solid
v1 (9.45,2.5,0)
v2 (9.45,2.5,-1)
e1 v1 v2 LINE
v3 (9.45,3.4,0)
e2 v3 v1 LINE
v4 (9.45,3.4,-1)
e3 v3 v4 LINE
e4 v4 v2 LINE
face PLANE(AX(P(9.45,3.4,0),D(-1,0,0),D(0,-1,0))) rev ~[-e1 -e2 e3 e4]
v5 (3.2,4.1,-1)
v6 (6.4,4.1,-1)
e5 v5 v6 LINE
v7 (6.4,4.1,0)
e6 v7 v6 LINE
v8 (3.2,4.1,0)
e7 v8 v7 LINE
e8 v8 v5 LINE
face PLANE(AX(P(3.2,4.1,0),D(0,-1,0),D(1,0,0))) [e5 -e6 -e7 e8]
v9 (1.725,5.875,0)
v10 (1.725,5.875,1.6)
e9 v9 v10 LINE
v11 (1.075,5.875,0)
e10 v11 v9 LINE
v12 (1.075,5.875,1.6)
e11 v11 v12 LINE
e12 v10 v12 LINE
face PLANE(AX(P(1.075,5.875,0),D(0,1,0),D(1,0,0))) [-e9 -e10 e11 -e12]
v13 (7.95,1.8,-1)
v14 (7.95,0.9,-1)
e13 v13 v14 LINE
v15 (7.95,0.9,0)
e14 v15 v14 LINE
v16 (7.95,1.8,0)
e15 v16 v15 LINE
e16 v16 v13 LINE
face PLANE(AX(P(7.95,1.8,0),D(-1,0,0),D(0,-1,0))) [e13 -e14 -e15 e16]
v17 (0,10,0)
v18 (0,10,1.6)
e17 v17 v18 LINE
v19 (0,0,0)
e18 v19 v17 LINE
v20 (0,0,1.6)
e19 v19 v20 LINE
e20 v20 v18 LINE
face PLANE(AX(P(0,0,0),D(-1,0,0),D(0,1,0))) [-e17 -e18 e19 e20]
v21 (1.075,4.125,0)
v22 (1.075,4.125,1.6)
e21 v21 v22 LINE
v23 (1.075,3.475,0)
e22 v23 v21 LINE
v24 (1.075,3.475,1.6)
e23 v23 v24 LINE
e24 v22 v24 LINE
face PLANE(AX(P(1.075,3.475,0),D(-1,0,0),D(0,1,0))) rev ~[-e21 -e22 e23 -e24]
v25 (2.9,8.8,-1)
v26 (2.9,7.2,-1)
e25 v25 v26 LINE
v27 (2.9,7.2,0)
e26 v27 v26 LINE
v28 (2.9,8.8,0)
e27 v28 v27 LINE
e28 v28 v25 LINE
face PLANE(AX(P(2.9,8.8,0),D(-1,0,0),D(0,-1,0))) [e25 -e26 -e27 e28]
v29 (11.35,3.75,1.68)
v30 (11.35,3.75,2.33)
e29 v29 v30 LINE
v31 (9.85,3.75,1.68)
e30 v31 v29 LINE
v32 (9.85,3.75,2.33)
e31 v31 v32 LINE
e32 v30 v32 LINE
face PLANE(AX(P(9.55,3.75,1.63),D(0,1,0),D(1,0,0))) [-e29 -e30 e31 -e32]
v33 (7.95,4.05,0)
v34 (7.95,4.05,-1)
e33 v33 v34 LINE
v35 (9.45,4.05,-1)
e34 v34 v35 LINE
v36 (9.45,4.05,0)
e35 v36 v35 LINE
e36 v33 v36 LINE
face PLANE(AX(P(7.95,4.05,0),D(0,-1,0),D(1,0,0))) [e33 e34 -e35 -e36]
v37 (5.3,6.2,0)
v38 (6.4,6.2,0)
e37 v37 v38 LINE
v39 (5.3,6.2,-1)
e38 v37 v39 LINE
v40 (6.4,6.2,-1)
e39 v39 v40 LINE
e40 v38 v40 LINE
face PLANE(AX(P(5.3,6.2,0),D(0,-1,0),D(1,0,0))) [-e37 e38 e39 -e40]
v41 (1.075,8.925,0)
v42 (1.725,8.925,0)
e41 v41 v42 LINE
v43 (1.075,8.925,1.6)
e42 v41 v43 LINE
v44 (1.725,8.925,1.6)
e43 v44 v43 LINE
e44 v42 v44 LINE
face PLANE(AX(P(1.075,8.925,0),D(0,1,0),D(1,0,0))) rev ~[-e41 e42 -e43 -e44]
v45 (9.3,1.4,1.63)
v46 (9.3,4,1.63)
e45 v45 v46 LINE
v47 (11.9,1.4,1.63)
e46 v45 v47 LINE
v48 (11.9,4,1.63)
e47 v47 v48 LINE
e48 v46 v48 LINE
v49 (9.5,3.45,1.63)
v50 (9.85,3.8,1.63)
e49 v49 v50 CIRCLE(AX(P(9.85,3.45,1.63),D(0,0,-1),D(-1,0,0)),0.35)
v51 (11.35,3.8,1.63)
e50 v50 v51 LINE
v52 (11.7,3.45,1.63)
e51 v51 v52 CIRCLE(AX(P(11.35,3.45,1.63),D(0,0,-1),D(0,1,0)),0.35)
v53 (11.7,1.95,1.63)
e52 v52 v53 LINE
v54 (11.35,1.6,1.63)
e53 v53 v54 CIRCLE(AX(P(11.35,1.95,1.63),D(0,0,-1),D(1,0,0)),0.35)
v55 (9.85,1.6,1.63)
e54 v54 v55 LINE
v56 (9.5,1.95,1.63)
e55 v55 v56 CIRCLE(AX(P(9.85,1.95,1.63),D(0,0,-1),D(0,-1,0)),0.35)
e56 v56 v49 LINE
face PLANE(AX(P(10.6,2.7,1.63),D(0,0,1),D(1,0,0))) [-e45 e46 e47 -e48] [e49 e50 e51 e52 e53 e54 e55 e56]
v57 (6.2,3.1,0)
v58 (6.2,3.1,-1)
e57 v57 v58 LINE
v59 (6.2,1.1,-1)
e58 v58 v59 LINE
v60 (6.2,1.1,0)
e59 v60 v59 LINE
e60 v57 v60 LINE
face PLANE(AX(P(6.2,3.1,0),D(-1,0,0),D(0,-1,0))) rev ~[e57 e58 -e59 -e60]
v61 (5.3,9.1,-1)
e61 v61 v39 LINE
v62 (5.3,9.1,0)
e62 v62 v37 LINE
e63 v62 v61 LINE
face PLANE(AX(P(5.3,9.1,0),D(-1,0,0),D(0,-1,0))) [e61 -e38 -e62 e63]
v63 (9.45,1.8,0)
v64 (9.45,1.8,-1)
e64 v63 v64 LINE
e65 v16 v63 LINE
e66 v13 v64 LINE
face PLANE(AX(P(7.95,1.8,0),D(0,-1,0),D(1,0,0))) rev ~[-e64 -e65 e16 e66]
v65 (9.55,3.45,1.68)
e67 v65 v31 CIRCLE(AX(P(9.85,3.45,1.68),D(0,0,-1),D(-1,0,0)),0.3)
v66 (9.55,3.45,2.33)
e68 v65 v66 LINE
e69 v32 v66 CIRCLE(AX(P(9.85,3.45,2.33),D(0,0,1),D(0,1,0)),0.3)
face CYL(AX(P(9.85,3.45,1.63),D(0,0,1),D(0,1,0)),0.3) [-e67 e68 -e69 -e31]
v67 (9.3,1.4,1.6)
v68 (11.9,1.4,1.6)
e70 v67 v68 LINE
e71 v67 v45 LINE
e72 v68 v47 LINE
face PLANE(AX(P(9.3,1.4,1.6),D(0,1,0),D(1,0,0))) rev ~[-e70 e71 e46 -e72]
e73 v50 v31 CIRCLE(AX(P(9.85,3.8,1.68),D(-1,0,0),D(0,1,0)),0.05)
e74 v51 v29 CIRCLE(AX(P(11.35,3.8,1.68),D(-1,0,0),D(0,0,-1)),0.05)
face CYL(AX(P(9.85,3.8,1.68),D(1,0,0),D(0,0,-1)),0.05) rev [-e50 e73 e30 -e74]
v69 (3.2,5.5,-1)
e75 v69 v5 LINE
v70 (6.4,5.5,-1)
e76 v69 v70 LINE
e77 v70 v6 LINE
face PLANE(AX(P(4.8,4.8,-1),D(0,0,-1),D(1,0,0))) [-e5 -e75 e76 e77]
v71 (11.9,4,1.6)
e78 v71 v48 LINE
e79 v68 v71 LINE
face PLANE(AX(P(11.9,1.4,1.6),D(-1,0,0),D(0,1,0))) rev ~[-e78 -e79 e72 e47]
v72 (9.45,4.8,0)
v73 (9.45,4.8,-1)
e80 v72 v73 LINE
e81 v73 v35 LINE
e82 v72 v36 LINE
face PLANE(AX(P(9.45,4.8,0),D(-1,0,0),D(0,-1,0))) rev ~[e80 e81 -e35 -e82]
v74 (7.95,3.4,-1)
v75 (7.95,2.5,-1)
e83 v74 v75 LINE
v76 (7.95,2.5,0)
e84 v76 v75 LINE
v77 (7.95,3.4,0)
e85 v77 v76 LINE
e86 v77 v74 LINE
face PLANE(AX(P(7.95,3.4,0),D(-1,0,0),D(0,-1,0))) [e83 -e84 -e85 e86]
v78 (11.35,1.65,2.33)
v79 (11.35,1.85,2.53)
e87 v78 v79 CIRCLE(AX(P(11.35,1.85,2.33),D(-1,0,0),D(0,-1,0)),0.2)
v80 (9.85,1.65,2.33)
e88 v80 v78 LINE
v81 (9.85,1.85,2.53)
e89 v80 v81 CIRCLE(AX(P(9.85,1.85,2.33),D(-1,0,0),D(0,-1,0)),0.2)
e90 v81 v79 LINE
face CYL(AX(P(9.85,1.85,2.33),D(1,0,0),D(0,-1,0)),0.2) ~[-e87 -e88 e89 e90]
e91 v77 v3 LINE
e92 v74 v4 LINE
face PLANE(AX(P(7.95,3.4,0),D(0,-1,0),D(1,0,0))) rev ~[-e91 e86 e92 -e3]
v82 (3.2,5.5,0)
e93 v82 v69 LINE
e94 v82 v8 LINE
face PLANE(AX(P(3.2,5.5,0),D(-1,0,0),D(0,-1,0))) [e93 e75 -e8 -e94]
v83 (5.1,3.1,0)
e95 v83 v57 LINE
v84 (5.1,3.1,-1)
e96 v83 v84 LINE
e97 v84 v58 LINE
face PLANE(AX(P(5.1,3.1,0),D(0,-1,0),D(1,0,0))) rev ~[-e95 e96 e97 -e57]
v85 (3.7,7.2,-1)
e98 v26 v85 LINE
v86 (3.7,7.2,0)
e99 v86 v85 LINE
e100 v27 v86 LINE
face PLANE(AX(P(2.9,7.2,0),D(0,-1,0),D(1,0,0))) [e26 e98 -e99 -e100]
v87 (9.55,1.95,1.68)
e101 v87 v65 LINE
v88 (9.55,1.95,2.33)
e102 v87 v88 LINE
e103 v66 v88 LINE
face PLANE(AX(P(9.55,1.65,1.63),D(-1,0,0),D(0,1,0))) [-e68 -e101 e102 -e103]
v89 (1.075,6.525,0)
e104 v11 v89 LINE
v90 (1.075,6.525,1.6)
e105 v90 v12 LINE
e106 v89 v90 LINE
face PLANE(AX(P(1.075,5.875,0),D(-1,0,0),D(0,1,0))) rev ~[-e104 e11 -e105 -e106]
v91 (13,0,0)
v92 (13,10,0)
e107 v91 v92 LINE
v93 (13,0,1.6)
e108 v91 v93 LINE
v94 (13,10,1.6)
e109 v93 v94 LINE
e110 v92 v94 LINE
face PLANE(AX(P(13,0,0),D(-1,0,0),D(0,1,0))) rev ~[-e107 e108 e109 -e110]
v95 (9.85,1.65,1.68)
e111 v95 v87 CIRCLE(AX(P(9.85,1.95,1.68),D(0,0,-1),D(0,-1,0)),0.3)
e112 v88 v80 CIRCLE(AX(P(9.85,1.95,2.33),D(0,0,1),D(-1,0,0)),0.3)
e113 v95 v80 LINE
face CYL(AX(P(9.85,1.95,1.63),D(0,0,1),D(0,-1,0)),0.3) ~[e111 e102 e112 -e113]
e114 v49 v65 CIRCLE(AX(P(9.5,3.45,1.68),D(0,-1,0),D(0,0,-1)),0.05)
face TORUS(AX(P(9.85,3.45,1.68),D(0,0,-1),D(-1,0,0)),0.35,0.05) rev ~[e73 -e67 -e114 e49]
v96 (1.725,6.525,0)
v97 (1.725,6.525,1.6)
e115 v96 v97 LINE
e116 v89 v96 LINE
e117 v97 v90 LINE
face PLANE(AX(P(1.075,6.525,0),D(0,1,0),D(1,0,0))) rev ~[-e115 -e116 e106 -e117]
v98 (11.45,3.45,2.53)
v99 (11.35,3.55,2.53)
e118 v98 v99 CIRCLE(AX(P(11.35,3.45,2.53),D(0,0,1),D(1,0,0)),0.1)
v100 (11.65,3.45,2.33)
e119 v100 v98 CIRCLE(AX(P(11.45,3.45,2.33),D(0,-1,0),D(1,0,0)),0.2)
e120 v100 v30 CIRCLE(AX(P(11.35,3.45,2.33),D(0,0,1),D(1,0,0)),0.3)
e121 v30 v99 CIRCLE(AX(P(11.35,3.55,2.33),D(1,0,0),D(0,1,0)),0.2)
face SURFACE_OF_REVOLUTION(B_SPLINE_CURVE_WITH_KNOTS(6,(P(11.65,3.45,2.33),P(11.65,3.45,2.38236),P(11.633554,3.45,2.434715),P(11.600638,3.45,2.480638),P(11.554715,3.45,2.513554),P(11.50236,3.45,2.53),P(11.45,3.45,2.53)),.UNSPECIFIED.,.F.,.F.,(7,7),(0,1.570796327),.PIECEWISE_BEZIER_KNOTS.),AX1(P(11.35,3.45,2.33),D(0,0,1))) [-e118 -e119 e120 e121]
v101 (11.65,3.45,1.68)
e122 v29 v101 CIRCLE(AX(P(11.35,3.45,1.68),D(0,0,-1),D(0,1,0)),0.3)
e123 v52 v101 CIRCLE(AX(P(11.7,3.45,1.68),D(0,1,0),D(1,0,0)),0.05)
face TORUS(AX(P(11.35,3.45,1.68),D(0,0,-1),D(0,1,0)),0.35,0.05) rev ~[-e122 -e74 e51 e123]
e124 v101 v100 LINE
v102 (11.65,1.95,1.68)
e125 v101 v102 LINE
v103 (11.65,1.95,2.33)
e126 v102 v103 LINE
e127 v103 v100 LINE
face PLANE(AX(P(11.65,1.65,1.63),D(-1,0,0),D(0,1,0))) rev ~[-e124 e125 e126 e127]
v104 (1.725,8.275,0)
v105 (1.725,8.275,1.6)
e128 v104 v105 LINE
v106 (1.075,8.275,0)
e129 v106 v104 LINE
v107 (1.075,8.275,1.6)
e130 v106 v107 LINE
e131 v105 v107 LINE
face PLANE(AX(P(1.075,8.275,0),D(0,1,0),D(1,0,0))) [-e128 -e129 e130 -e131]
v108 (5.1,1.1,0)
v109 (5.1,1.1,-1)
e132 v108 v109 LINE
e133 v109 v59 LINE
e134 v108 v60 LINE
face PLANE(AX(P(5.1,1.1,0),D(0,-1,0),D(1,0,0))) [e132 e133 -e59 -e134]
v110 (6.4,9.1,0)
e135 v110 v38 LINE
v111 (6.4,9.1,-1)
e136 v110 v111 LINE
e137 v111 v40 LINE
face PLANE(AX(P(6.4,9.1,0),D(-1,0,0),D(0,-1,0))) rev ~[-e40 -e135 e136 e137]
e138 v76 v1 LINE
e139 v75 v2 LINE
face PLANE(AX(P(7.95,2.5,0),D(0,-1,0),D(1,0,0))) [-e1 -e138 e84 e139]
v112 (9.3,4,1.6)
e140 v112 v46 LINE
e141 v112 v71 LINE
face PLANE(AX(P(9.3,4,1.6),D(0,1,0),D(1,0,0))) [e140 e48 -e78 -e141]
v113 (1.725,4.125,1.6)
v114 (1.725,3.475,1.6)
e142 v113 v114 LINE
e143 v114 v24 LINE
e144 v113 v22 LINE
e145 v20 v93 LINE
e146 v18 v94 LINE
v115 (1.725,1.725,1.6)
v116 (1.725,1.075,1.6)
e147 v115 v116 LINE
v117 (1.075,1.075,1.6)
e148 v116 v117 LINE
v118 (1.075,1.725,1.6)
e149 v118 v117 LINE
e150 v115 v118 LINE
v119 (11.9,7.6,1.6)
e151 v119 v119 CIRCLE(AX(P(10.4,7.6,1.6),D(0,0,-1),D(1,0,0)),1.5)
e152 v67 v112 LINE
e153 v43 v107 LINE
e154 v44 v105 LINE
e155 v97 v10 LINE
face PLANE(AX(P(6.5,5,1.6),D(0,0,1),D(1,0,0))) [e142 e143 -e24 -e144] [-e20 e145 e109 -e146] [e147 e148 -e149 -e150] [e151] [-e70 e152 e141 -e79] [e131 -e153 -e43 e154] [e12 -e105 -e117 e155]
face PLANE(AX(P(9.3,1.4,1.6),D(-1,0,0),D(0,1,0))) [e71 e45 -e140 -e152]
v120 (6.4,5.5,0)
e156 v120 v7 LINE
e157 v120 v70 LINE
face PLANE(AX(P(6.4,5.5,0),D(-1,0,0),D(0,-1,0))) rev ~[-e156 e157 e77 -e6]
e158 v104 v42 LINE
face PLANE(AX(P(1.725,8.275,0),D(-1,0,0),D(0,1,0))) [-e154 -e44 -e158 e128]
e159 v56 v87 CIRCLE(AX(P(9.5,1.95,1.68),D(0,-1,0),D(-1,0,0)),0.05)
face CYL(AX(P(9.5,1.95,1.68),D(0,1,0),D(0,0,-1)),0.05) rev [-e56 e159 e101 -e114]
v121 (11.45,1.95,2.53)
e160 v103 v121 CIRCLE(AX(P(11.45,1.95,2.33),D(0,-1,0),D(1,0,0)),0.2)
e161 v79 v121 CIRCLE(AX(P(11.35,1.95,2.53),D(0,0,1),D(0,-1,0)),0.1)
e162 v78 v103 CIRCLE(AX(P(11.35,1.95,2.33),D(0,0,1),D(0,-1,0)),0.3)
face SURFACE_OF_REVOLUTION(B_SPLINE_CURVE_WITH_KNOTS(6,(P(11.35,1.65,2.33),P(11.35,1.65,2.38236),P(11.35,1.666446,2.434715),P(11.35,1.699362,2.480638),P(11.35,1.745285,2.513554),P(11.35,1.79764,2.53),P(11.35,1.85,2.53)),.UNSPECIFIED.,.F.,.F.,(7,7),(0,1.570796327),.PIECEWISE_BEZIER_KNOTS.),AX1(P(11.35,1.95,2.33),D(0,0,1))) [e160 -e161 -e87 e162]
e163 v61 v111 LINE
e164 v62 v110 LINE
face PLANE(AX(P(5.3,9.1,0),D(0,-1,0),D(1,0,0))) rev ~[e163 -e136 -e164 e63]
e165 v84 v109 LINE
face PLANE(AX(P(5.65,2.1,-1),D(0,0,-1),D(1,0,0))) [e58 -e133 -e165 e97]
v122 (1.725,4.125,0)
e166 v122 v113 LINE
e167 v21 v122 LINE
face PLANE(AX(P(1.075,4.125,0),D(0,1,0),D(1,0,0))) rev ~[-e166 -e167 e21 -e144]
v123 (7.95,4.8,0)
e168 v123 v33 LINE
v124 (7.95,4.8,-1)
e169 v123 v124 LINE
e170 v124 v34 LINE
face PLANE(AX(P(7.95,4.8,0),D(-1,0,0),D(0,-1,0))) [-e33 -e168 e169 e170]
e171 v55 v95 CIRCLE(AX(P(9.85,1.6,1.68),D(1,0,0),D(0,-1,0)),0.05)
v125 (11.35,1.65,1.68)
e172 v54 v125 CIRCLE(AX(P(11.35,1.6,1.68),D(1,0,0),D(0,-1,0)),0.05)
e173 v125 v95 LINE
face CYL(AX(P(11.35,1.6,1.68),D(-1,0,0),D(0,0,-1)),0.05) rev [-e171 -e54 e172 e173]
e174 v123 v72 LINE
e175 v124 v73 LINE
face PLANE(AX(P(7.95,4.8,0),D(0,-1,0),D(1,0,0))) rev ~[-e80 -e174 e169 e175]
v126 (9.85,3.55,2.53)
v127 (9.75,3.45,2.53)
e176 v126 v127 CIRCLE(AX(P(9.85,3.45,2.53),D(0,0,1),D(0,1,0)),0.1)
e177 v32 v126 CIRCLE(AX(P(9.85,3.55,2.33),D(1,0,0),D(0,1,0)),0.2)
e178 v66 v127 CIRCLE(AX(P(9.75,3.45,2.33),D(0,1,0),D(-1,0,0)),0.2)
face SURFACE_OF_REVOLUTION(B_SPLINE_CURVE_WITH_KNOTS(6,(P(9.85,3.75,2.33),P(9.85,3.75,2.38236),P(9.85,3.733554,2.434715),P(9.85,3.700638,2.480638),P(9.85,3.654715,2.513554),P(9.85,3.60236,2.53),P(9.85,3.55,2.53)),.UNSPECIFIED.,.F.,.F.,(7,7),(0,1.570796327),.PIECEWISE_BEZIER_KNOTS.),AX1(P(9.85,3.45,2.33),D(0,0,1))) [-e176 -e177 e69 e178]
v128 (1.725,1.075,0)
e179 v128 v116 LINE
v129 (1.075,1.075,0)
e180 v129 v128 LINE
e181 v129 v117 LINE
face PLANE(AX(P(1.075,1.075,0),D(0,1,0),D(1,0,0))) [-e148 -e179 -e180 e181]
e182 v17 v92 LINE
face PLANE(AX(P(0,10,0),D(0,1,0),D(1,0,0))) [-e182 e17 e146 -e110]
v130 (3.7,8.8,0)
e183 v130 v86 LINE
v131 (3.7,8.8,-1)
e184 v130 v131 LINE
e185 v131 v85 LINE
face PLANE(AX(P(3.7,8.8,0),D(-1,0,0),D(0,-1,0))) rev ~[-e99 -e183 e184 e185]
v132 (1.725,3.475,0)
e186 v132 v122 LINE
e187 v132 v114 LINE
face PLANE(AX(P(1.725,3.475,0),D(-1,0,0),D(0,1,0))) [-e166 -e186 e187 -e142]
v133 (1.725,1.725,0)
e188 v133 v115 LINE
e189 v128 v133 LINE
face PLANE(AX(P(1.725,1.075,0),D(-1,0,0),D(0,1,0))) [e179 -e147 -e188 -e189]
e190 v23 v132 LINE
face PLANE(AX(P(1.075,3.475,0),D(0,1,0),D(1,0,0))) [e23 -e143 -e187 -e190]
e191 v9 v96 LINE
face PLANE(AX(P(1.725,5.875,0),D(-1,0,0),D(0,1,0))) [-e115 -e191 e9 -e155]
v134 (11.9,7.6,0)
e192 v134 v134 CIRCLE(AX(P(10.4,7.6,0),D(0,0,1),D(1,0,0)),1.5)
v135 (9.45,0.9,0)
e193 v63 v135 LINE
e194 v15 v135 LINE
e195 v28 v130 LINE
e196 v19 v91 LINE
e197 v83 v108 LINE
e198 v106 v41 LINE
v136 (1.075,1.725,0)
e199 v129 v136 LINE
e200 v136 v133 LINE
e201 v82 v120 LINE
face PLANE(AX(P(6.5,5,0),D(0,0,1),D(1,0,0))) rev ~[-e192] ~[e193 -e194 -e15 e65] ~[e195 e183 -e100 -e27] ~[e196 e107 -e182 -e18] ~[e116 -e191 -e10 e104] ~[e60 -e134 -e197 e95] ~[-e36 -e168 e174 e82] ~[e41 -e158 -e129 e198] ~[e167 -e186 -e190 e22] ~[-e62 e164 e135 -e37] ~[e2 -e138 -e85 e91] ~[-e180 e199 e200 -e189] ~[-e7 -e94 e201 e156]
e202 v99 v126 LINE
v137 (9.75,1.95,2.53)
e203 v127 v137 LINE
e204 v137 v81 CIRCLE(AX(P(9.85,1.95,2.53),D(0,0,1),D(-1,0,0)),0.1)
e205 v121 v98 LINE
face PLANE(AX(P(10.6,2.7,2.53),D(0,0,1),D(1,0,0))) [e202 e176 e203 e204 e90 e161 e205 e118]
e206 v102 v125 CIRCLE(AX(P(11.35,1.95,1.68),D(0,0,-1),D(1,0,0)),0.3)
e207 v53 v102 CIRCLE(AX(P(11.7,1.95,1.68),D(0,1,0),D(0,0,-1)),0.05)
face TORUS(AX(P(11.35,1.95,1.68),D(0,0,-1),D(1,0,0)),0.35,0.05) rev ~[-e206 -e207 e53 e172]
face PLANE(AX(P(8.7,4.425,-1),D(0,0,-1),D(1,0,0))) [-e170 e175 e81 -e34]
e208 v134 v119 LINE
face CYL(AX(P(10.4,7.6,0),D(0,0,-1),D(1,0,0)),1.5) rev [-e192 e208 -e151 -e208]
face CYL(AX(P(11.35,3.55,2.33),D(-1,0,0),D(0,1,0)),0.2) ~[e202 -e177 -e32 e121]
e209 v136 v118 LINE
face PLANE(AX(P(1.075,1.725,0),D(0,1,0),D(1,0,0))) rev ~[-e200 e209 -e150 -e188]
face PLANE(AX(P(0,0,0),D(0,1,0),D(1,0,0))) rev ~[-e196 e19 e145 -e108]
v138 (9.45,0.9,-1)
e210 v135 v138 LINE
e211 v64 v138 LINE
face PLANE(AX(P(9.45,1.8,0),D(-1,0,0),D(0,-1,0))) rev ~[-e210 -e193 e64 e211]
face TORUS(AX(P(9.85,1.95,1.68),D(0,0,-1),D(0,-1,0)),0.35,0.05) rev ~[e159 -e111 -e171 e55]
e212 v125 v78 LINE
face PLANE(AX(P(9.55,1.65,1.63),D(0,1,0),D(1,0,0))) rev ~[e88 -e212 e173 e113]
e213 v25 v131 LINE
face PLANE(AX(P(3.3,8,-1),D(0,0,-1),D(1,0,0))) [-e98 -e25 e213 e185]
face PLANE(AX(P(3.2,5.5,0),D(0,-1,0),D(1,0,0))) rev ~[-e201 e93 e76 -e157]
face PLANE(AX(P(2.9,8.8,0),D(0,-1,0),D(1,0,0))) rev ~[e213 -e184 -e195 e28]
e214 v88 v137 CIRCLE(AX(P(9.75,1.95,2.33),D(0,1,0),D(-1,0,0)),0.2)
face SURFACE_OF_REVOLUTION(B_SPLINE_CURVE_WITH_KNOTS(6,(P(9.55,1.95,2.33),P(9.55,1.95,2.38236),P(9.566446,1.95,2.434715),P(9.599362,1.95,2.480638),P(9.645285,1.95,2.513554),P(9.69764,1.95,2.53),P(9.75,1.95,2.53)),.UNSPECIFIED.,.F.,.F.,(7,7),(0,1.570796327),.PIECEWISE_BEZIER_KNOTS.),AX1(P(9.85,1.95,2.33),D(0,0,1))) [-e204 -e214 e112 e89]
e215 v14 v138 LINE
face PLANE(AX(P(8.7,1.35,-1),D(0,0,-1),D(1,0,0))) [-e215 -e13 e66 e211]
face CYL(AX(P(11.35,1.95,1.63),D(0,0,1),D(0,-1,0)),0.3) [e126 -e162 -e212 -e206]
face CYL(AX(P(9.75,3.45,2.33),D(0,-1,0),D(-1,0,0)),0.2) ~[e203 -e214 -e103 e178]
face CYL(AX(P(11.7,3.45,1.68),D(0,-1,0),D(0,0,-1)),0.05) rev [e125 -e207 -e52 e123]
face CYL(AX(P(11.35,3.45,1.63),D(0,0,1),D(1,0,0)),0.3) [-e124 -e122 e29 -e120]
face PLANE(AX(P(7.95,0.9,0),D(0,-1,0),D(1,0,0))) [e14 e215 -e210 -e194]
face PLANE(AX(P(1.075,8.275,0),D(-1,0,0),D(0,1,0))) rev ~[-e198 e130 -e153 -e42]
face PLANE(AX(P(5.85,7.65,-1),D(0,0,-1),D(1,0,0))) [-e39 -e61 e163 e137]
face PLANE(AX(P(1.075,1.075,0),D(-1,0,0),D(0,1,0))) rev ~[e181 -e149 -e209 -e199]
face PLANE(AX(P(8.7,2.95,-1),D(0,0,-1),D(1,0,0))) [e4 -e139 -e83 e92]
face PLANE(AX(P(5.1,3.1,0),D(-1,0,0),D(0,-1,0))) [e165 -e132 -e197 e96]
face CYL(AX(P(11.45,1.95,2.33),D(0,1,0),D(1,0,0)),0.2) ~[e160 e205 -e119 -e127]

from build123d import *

# Parameters (mm, degrees)
SKETCH_W      = 13
SKETCH_H      = 10
PAD_DEPTH     = 1.6
SKETCH001_R   = 1.5
SKETCH001_W   = 0.65
SKETCH001_H   = 0.65
POCKET_DEPTH  = 5
SKETCH002_W   = 2.6
SKETCH002_H   = 2.6
PAD001_DEPTH  = 0.03
SKETCH003_W   = 2.1
SKETCH003_H   = 2.1
PAD002_DEPTH  = 0.9
FILLET_R      = 0.3
FILLET001_R   = 0.05
FILLET002_R   = 0.2
SKETCH004_W   = 1.1
SKETCH004_H   = 2
SKETCH004_W_2 = 1.5
SKETCH004_H_2 = 0.9
SKETCH004_H_3 = 0.75
SKETCH004_H_4 = 2.9
SKETCH004_W_3 = 3.2
SKETCH004_H_5 = 1.4
SKETCH004_W_4 = 0.8
SKETCH004_H_6 = 1.6
PAD003_DEPTH  = 1


with BuildPart() as part:
    # Sketch (on XY_Plane of Origin) → Pad (new body)
    with BuildSketch(Plane.XY):
        with Locations((6.5, 5)):
            Rectangle(SKETCH_W, SKETCH_H)
    extrude(amount=PAD_DEPTH)

    # Sketch001 (on XY_Plane of Origin) → Pocket (cut)
    with BuildSketch(Plane.XY):
        with Locations((10.4, 7.6)):
            Circle(SKETCH001_R)
        with Locations((1.4, 8.6)):
            Rectangle(SKETCH001_W, SKETCH001_H)
        with Locations((1.4, 6.2)):
            Rectangle(SKETCH001_W, SKETCH001_H)
        with Locations((1.4, 3.8)):
            Rectangle(SKETCH001_W, SKETCH001_H)
        with Locations((1.4, 1.4)):
            Rectangle(SKETCH001_W, SKETCH001_H)
    extrude(amount=POCKET_DEPTH, mode=Mode.SUBTRACT)

    # Sketch002 (on Face5 of Pocket) → Pad001 (join)
    with BuildSketch(Plane.XY.offset(1.6)):
        with Locations((10.6, 2.7)):
            Rectangle(SKETCH002_W, SKETCH002_H)
    extrude(amount=PAD001_DEPTH)

    # Sketch003 (on Face28 of Pad001) → Pad002 (join)
    with BuildSketch(Plane.XY.offset(1.63)):
        with Locations((10.6, 2.7)):
            Rectangle(SKETCH003_W, SKETCH003_H)
    extrude(amount=PAD002_DEPTH)

    # Fillet
    fillet_edges = [part.edges().sort_by_distance(p)[0] for p in [
        (9.55, 1.65, 2.08),
        (9.55, 3.75, 2.08),
        (11.65, 1.65, 2.08),
        (11.65, 3.75, 2.08),
    ]]
    fillet(fillet_edges, radius=FILLET_R)

    # Fillet001
    fillet001_edges = [part.edges().sort_by_distance(p)[0] for p in [
        (9.637868, 1.737868, 1.63),
    ]]
    fillet(fillet001_edges, radius=FILLET001_R)

    # Fillet002
    fillet002_edges = [part.edges().sort_by_distance(p)[0] for p in [
        (10.6, 1.65, 2.53),
    ]]
    fillet(fillet002_edges, radius=FILLET002_R)

    # Sketch004 (on Face53 of Fillet002) → Pad003 (join)
    with BuildSketch(Plane(origin=(0, 0, 0), x_dir=(1, 0, 0), z_dir=(0, 0, -1))):
        with Locations((5.65, -2.1)):
            Rectangle(SKETCH004_W, SKETCH004_H)
        with Locations((8.7, -1.35)):
            Rectangle(SKETCH004_W_2, SKETCH004_H_2)
        with Locations((8.7, -2.95)):
            Rectangle(SKETCH004_W_2, SKETCH004_H_2)
        with Locations((8.7, -4.425)):
            Rectangle(SKETCH004_W_2, SKETCH004_H_3)
        with Locations((5.85, -7.65)):
            Rectangle(SKETCH004_W, SKETCH004_H_4)
        with Locations((4.8, -4.8)):
            Rectangle(SKETCH004_W_3, SKETCH004_H_5)
        with Locations((3.3, -8)):
            Rectangle(SKETCH004_W_4, SKETCH004_H_6)
    extrude(amount=PAD003_DEPTH)


solid = part.part
